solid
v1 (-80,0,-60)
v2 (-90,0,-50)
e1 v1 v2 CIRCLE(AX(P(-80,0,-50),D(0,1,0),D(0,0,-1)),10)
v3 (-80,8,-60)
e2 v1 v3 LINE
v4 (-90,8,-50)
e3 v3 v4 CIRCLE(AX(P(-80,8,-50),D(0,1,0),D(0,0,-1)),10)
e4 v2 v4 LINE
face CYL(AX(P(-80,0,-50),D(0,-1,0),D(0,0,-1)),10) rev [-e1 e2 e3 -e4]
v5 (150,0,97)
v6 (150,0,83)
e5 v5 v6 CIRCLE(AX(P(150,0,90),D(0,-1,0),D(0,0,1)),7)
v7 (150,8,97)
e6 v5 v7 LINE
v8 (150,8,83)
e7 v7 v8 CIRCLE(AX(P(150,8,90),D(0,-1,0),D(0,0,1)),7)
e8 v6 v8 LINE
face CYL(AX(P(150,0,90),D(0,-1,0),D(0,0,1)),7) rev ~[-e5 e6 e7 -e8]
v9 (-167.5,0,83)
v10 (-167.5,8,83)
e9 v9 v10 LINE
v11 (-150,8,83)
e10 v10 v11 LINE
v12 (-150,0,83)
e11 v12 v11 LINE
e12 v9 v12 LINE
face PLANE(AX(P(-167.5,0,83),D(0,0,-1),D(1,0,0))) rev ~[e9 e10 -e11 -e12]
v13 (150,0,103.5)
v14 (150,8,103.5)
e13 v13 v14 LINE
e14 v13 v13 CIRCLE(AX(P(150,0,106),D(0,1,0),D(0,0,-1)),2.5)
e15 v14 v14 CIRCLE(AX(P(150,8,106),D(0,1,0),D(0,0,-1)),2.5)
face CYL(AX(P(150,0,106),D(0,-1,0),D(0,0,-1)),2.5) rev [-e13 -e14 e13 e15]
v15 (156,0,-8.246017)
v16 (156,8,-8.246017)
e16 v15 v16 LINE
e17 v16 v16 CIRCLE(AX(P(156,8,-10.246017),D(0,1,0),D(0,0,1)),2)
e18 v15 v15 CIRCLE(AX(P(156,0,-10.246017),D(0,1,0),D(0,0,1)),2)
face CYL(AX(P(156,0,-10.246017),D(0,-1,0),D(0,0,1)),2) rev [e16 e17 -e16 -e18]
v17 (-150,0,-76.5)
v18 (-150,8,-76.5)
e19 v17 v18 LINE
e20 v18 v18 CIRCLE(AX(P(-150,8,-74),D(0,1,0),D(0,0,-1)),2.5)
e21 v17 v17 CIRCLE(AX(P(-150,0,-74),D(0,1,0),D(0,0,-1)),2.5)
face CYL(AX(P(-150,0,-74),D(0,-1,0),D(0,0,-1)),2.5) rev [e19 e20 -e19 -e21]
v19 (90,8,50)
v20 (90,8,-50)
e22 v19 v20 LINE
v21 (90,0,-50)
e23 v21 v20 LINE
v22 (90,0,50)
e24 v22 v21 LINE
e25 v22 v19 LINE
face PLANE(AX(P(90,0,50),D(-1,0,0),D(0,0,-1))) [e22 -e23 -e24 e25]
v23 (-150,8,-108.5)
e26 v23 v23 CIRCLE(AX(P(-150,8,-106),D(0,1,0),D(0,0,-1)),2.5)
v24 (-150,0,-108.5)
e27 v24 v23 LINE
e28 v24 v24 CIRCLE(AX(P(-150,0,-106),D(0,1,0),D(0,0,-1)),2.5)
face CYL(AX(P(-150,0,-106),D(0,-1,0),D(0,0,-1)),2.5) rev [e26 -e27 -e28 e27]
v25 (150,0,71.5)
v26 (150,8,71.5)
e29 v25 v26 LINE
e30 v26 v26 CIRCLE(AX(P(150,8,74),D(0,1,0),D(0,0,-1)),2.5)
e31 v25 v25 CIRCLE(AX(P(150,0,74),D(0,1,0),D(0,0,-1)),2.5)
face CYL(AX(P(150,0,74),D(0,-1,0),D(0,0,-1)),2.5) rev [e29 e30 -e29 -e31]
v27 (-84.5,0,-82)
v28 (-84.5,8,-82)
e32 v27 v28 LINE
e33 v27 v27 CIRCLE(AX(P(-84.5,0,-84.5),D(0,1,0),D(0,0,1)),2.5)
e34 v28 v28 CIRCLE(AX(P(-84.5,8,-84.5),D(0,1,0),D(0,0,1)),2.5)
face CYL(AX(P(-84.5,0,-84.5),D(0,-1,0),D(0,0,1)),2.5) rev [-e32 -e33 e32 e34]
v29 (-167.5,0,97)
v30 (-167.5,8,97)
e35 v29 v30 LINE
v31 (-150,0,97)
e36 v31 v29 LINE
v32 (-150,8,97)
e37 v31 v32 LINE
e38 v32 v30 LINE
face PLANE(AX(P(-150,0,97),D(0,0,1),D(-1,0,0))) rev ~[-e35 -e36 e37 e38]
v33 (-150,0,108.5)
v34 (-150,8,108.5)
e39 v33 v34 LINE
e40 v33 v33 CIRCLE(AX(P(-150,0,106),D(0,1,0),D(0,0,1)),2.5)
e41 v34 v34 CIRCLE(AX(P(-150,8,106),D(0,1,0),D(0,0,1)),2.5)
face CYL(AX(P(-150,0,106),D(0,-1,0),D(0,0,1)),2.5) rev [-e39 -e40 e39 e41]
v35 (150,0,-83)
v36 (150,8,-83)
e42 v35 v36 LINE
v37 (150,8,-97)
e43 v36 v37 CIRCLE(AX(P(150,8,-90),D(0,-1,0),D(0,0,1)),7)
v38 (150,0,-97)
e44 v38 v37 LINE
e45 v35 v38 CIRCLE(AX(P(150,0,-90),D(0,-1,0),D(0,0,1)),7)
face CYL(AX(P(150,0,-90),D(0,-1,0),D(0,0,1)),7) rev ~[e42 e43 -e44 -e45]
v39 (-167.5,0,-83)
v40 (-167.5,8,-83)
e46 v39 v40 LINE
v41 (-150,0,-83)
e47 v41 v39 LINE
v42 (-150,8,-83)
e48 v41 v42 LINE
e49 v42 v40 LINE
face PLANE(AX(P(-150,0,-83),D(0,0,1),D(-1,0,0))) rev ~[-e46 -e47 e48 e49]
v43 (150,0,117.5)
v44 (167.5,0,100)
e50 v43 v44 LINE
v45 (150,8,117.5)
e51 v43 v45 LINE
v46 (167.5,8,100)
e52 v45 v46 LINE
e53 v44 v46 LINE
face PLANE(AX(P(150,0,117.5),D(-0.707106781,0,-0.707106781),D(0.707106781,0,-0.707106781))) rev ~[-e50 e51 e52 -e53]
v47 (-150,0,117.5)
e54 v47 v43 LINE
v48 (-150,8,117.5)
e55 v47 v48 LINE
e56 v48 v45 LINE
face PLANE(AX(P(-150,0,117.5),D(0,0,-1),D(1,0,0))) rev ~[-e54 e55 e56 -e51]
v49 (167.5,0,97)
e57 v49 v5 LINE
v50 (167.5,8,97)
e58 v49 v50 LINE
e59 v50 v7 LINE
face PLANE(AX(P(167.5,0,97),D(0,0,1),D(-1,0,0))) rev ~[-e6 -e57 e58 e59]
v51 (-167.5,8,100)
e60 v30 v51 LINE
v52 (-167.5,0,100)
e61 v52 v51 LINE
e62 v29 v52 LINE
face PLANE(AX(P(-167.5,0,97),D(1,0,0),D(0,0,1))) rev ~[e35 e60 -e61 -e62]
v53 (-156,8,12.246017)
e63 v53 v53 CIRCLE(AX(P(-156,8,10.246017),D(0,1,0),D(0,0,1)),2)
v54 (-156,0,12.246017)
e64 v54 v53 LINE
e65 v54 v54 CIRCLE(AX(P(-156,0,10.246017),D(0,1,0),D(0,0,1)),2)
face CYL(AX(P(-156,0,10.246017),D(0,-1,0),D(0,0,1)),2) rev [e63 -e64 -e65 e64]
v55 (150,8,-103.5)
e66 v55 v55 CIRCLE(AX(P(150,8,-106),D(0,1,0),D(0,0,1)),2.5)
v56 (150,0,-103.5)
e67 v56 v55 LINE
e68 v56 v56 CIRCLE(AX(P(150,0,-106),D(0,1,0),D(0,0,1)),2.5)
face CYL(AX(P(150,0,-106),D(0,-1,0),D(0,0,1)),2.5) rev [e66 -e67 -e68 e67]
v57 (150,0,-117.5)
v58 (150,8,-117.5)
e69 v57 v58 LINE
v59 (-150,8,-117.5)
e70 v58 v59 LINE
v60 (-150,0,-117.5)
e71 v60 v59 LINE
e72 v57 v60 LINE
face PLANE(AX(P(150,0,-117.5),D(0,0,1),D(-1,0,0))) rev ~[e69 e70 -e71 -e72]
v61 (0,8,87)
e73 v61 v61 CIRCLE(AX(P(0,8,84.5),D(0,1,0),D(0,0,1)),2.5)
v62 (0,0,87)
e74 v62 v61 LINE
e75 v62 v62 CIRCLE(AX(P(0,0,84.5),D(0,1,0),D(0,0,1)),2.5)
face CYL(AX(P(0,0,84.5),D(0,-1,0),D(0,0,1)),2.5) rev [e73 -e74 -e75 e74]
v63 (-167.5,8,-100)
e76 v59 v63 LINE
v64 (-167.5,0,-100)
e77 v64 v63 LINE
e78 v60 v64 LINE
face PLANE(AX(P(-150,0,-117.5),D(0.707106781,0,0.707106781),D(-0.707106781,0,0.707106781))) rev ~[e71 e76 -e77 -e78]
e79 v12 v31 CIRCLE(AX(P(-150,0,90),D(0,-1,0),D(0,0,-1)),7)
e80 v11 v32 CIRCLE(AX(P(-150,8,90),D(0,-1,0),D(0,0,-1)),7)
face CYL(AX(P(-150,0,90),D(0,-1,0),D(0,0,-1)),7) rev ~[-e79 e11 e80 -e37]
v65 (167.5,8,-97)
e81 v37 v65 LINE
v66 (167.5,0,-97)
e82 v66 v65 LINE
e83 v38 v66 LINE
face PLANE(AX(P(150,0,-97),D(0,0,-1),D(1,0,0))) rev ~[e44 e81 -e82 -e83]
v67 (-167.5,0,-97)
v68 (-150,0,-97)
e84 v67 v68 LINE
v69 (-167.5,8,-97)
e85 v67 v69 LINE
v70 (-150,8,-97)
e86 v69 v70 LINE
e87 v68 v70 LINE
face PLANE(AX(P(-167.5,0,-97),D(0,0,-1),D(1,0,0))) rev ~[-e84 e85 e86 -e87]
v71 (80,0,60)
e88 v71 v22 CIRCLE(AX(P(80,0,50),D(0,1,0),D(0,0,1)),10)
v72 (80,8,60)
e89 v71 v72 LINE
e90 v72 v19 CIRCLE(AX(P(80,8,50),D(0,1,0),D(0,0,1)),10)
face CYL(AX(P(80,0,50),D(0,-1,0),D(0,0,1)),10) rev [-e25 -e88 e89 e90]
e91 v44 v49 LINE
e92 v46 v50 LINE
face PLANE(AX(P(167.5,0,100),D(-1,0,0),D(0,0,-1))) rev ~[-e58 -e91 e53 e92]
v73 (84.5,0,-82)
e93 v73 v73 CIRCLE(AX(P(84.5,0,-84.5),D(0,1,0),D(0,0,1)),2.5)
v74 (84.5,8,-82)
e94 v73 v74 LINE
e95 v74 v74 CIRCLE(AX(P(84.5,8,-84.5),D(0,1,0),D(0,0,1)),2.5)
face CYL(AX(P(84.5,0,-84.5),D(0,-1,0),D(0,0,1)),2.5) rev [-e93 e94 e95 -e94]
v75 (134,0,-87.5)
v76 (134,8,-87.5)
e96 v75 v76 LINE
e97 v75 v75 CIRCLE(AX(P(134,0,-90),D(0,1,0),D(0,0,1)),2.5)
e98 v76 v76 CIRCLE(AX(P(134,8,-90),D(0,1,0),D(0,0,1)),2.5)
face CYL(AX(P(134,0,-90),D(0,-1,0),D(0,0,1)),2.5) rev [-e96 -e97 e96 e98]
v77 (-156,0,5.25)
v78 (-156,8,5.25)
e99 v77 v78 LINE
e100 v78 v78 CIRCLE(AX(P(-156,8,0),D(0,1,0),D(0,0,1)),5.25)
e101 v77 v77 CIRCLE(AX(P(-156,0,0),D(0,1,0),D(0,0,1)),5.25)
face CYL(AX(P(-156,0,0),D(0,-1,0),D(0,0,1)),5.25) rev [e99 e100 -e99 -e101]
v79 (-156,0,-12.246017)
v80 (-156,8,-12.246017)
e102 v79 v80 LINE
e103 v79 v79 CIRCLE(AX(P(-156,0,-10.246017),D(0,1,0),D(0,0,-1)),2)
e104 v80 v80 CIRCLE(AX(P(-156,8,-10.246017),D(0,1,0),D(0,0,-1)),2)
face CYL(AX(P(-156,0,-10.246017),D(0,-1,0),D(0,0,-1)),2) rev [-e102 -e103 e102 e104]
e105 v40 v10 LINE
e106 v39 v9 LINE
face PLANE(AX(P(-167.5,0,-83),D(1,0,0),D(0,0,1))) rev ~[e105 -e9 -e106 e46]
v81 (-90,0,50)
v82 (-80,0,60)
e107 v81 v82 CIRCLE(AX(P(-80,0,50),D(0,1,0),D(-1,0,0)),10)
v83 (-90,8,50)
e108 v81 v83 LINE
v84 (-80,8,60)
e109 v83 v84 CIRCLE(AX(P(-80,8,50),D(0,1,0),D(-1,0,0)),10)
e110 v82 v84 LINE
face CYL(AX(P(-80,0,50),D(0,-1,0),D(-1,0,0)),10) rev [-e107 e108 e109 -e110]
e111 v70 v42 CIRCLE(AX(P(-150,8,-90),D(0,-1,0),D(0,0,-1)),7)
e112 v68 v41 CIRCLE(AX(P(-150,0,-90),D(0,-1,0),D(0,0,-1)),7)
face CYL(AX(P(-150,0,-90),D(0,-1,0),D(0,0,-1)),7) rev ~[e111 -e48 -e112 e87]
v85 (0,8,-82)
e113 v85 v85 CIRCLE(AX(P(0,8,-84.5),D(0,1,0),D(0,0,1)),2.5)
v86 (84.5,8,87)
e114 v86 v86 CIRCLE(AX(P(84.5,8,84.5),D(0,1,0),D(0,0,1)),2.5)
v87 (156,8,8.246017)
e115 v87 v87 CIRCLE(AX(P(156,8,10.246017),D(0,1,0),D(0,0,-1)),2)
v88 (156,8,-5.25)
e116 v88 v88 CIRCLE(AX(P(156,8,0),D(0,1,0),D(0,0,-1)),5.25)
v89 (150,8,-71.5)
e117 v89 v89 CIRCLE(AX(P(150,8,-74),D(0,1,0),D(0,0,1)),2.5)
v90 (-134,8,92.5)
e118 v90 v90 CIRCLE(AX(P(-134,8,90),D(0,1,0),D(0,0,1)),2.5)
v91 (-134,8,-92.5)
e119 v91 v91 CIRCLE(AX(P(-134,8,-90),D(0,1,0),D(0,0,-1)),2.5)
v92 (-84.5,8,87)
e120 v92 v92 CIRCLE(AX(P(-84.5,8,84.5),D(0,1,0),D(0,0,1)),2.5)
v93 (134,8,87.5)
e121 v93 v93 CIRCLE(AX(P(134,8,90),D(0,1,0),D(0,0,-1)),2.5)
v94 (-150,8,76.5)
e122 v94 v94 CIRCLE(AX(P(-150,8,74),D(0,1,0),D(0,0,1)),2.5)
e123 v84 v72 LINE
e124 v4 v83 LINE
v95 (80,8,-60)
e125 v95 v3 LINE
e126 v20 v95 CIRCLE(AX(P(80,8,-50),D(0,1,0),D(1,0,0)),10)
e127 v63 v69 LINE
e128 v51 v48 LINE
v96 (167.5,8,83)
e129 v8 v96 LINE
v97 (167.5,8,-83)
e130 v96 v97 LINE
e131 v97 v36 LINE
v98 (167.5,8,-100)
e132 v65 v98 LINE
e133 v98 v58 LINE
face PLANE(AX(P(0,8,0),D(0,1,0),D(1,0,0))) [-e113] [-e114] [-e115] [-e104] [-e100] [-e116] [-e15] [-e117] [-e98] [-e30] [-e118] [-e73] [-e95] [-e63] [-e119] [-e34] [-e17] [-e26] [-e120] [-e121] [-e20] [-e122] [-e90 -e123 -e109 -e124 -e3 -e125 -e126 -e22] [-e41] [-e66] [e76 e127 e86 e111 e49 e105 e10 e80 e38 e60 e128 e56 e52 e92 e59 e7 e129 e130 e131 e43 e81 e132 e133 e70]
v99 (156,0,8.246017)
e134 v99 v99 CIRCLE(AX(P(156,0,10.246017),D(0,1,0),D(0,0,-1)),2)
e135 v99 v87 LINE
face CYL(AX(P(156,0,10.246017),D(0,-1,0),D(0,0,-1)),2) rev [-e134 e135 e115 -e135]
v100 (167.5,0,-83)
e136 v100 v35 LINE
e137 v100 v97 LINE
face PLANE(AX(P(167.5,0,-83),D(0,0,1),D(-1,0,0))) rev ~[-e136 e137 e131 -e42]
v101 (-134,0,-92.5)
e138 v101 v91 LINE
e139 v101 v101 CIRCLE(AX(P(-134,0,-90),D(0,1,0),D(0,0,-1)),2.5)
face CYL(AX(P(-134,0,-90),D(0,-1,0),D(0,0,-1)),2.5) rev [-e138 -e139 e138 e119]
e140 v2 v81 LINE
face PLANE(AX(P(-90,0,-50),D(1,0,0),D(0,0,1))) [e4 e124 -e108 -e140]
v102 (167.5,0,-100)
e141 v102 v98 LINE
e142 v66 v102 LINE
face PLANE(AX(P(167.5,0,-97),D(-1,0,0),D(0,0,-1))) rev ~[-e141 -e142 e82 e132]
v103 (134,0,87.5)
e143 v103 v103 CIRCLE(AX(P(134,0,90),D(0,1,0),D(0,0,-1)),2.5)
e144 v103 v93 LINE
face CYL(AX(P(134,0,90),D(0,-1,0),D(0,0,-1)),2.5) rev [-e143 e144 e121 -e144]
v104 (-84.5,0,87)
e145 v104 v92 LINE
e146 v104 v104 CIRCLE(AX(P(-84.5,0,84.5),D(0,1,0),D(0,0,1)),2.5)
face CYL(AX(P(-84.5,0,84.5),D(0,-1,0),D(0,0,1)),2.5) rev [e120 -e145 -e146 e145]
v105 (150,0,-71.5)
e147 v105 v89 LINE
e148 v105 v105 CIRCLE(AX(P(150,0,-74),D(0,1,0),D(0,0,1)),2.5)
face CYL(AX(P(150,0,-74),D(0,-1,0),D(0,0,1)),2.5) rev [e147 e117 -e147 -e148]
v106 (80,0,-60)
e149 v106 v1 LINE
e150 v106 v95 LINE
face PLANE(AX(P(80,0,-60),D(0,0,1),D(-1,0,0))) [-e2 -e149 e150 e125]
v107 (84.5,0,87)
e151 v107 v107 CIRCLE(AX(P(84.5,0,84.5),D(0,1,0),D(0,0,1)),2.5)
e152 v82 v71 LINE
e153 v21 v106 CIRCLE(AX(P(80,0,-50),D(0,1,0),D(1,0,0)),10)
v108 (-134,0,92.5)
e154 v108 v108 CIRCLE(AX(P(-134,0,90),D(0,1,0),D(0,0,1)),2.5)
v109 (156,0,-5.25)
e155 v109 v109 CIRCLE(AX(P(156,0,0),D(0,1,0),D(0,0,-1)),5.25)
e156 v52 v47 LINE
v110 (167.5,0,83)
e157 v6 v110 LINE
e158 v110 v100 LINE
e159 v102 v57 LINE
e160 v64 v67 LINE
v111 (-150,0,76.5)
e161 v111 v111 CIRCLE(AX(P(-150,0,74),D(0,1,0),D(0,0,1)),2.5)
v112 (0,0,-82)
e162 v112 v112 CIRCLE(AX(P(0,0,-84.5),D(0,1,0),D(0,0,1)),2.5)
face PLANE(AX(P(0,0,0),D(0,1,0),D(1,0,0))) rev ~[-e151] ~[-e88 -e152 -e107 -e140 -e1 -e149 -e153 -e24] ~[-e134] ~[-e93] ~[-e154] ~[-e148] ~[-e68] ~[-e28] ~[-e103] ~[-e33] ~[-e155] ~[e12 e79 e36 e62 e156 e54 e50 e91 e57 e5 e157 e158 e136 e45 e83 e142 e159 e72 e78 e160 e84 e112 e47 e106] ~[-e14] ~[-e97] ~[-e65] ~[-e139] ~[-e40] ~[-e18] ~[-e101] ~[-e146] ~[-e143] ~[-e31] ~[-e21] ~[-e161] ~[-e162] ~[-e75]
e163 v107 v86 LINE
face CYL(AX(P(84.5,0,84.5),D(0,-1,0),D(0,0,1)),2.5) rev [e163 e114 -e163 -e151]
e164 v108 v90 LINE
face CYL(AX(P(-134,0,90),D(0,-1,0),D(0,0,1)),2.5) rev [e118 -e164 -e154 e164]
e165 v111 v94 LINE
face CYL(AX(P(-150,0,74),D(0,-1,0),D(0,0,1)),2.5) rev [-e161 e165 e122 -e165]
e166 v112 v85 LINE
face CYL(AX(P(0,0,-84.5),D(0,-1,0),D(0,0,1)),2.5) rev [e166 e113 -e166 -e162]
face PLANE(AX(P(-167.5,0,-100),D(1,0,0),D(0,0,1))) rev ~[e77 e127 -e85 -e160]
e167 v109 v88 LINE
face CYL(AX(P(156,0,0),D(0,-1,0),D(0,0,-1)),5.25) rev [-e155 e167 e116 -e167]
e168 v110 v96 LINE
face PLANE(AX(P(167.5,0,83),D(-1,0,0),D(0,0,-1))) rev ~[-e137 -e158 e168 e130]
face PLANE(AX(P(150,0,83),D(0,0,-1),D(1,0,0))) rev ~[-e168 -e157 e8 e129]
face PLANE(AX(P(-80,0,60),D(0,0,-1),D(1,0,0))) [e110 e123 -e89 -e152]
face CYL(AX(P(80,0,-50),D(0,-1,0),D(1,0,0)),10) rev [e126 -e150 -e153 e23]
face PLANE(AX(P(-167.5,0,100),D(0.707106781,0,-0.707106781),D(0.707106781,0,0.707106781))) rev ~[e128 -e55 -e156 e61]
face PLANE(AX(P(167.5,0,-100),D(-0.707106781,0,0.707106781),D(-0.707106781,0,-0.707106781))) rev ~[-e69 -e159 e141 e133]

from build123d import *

# Parameters (mm, degrees)
SKETCH1_R           = 5.25
SKETCH1_R_2         = 2
SKETCH1_R_3         = 2.5
BOSS_EXTRUDE1_DEPTH = 8


with BuildPart() as part:
    # Sketch1 → Boss-Extrude1 (new body)
    with BuildSketch(Plane(origin=(0, 0, 0), x_dir=(1, 0, 0), z_dir=(0, 1, 0))):
        with BuildLine():
            Line((-167.5, -100), (-150, -117.5))
            Line((-150, -117.5), (150, -117.5))
            Line((150, -117.5), (167.5, -100))
            Line((167.5, -100), (167.5, -97))
            Line((167.5, -97), (150, -97))
            ThreePointArc((150, -97), (143, -90), (150, -83))
            Line((150, -83), (167.5, -83))
            Line((167.5, -83), (167.5, 83))
            Line((167.5, 83), (150, 83))
            ThreePointArc((150, 83), (143, 90), (150, 97))
            Line((150, 97), (167.5, 97))
            Line((167.5, 97), (167.5, 100))
            Line((167.5, 100), (150, 117.5))
            Line((150, 117.5), (-150, 117.5))
            Line((-150, 117.5), (-167.5, 100))
            Line((-167.5, 100), (-167.5, 97))
            Line((-167.5, 97), (-150, 97))
            ThreePointArc((-150, 97), (-143, 90), (-150, 83))
            Line((-150, 83), (-167.5, 83))
            Line((-167.5, 83), (-167.5, -83))
            Line((-167.5, -83), (-150, -83))
            ThreePointArc((-150, -83), (-143, -90), (-150, -97))
            Line((-150, -97), (-167.5, -97))
            Line((-167.5, -97), (-167.5, -100))
        make_face()
        with Locations(Location((-156, 0, 0), (0, 0, 270))):
            Circle(SKETCH1_R, mode=Mode.SUBTRACT)
        with Locations(Location((-156, -10.246017435, 0), (0, 0, 270))):
            Circle(SKETCH1_R_2, mode=Mode.SUBTRACT)
        with Locations(Location((-84.5, 84.5, 0), (0, 0, 270))):
            Circle(SKETCH1_R_3, mode=Mode.SUBTRACT)
        with Locations(Location((0, 84.5, 0), (0, 0, 270))):
            Circle(SKETCH1_R_3, mode=Mode.SUBTRACT)
        with Locations(Location((84.5, 84.5, 0), (0, 0, 270))):
            Circle(SKETCH1_R_3, mode=Mode.SUBTRACT)
        with Locations(Location((84.5, -84.5, 0), (0, 0, 270))):
            Circle(SKETCH1_R_3, mode=Mode.SUBTRACT)
        with Locations(Location((0, -84.5, 0), (0, 0, 270))):
            Circle(SKETCH1_R_3, mode=Mode.SUBTRACT)
        with Locations(Location((-84.5, -84.5, 0), (0, 0, 270))):
            Circle(SKETCH1_R_3, mode=Mode.SUBTRACT)
        with Locations(Location((-156, 10.246017435, 0), (0, 0, 90))):
            Circle(SKETCH1_R_2, mode=Mode.SUBTRACT)
        with Locations(Location((156, 10.246017435, 0), (0, 0, 270))):
            Circle(SKETCH1_R_2, mode=Mode.SUBTRACT)
        with Locations(Location((156, -10.246017435, 0), (0, 0, 90))):
            Circle(SKETCH1_R_2, mode=Mode.SUBTRACT)
        with Locations(Location((156, 0, 0), (0, 0, 90))):
            Circle(SKETCH1_R, mode=Mode.SUBTRACT)
        with Locations(Location((-150, -74, 0), (0, 0, 270))):
            Circle(SKETCH1_R_3, mode=Mode.SUBTRACT)
        with Locations(Location((-134, -90, 0), (0, 0, 270))):
            Circle(SKETCH1_R_3, mode=Mode.SUBTRACT)
        with Locations(Location((-150, -106, 0), (0, 0, 270))):
            Circle(SKETCH1_R_3, mode=Mode.SUBTRACT)
        with Locations(Location((-150, 74, 0), (0, 0, 90))):
            Circle(SKETCH1_R_3, mode=Mode.SUBTRACT)
        with Locations(Location((-134, 90, 0), (0, 0, 90))):
            Circle(SKETCH1_R_3, mode=Mode.SUBTRACT)
        with Locations(Location((-150, 106, 0), (0, 0, 90))):
            Circle(SKETCH1_R_3, mode=Mode.SUBTRACT)
        with Locations(Location((150, -74, 0), (0, 0, 90))):
            Circle(SKETCH1_R_3, mode=Mode.SUBTRACT)
        with Locations(Location((134, -90, 0), (0, 0, 90))):
            Circle(SKETCH1_R_3, mode=Mode.SUBTRACT)
        with Locations(Location((150, -106, 0), (0, 0, 90))):
            Circle(SKETCH1_R_3, mode=Mode.SUBTRACT)
        with Locations(Location((150, 106, 0), (0, 0, 270))):
            Circle(SKETCH1_R_3, mode=Mode.SUBTRACT)
        with Locations(Location((150, 74, 0), (0, 0, 270))):
            Circle(SKETCH1_R_3, mode=Mode.SUBTRACT)
        with Locations(Location((134, 90, 0), (0, 0, 270))):
            Circle(SKETCH1_R_3, mode=Mode.SUBTRACT)
        with BuildLine():
            Line((-80, -60), (80, -60))
            ThreePointArc((80, -60), (87.071067812, -57.071067812), (90, -50))
            Line((90, -50), (90, 50))
            ThreePointArc((90, 50), (87.071067812, 57.071067812), (80, 60))
            Line((80, 60), (-80, 60))
            ThreePointArc((-80, 60), (-87.071067812, 57.071067812), (-90, 50))
            Line((-90, 50), (-90, -50))
            ThreePointArc((-90, -50), (-87.071067812, -57.071067812), (-80, -60))
        make_face(mode=Mode.SUBTRACT)
    extrude(amount=BOSS_EXTRUDE1_DEPTH)


solid = part.part
